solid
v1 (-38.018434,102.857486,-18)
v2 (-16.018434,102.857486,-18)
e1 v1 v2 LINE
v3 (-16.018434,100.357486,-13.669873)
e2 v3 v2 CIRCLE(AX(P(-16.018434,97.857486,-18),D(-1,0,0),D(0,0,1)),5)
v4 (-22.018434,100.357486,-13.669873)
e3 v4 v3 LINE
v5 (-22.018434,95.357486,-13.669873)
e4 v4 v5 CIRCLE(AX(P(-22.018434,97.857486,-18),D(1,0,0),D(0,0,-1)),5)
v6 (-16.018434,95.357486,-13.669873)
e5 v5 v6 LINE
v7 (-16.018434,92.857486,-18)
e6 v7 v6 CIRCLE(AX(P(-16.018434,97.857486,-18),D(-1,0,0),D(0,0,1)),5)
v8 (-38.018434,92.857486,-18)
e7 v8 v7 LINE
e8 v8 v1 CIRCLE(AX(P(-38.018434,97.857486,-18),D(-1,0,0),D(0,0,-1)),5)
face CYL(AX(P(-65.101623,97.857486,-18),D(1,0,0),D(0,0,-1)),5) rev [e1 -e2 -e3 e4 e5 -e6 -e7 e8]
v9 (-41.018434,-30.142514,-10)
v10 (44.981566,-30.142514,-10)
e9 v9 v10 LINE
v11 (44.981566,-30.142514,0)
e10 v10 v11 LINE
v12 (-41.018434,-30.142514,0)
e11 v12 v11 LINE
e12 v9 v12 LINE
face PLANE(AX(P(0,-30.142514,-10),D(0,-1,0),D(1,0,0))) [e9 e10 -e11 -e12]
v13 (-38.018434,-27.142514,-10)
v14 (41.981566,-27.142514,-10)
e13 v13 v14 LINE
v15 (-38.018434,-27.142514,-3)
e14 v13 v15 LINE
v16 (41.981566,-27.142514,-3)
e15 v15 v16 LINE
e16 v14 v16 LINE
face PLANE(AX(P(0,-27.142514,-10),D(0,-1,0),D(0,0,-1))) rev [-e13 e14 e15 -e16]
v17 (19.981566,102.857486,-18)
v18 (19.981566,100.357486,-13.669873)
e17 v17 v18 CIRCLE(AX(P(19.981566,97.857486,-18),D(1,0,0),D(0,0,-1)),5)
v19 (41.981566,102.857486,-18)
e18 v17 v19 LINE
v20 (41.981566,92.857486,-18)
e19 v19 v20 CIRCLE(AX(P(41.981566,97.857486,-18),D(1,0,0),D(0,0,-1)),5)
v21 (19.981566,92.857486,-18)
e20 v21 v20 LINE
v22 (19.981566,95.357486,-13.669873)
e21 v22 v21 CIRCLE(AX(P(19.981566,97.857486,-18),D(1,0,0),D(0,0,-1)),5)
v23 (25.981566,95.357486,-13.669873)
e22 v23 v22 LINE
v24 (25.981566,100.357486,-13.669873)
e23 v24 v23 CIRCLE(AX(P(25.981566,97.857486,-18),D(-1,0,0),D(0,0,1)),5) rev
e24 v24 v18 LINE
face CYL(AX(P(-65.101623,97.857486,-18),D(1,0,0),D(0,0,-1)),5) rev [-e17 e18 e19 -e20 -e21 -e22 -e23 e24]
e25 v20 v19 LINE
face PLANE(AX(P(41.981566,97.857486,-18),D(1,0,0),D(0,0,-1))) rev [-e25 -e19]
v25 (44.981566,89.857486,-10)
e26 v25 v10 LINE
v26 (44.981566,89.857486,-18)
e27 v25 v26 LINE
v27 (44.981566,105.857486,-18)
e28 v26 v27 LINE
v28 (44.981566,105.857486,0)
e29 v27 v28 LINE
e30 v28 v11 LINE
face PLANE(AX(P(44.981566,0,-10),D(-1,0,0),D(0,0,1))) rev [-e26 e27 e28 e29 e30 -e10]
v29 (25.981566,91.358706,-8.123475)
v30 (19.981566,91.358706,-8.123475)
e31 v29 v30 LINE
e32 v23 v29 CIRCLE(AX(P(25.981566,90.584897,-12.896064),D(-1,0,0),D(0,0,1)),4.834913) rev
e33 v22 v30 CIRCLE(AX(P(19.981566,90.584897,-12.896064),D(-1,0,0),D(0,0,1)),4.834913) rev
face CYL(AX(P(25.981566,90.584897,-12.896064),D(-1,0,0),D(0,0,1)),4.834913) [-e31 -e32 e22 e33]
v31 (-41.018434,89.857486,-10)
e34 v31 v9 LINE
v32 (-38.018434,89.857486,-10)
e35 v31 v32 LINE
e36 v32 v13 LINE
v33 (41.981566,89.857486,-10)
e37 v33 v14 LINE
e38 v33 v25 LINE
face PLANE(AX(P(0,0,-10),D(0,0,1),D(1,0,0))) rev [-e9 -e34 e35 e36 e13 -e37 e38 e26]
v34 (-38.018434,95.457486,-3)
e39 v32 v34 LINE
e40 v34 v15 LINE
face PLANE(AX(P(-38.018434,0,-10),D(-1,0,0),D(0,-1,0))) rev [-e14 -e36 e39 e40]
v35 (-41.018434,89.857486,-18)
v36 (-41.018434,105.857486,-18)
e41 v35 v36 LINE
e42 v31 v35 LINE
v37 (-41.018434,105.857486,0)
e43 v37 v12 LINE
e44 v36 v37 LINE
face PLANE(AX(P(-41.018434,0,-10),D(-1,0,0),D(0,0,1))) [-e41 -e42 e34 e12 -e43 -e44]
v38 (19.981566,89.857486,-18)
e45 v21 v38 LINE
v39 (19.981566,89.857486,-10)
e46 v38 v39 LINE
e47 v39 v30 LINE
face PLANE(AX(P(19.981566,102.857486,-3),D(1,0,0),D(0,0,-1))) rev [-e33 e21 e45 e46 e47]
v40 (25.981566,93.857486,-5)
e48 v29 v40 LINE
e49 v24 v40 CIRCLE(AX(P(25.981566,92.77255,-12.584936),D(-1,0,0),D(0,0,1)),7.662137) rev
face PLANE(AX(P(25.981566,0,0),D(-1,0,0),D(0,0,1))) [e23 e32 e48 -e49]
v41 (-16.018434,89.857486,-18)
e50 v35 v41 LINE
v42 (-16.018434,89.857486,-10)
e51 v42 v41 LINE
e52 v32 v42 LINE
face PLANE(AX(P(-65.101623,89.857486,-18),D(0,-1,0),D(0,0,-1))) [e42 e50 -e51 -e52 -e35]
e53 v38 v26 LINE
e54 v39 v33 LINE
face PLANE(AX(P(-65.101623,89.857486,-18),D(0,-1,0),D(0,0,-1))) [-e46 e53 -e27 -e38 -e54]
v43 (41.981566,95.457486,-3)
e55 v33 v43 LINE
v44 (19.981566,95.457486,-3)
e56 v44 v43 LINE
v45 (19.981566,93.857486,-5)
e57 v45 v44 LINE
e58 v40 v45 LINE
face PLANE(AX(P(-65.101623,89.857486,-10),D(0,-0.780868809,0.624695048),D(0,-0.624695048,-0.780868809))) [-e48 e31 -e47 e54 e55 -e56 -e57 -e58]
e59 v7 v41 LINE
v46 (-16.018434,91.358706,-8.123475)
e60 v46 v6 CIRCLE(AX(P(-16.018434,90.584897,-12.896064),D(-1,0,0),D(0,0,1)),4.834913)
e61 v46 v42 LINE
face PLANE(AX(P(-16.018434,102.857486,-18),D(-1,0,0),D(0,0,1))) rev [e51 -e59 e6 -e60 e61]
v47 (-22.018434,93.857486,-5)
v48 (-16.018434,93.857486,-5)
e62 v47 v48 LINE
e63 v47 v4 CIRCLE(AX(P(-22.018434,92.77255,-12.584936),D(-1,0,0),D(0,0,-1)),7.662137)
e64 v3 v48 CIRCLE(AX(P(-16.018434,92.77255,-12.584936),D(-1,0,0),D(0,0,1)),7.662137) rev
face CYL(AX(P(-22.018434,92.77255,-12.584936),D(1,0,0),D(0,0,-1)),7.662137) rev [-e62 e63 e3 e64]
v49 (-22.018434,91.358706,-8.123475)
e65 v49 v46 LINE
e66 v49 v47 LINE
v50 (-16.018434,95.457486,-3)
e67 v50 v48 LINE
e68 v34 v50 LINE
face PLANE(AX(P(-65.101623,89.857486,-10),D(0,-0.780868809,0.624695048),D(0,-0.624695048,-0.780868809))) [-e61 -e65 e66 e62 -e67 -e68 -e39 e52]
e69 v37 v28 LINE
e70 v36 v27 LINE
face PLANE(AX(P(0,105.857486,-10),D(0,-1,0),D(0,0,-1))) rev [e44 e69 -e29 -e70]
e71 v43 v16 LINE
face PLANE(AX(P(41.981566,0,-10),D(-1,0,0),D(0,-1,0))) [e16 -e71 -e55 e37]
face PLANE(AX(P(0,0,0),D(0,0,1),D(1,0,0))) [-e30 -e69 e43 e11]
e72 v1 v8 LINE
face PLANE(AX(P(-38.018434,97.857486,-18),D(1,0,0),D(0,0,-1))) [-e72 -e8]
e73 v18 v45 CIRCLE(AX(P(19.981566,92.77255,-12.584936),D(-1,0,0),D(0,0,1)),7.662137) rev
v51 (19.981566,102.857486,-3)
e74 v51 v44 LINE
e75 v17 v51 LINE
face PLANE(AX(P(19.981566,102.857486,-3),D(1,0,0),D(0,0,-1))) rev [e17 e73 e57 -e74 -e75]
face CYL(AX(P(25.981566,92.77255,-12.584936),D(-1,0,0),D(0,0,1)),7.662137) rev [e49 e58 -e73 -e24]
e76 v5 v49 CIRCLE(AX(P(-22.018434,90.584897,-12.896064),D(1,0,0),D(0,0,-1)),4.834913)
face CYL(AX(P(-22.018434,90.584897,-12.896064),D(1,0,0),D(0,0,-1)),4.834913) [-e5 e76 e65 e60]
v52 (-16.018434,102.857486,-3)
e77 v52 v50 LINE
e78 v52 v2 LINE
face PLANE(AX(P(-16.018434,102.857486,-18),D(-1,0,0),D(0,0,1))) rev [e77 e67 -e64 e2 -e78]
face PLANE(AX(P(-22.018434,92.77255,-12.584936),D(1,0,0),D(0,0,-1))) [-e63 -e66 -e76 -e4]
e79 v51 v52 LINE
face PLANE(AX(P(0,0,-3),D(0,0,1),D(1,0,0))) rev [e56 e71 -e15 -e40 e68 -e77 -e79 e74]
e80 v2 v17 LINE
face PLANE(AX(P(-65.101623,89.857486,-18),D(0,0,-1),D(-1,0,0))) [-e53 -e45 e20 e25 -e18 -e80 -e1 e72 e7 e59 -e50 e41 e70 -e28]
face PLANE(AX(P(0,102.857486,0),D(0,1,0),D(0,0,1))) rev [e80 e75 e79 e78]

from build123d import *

# Parameters (mm, degrees)
SASE_TABAN1_W               = 80
SASE_TABAN1_H               = 130
Y_KSEKLIK_EKSTR_ZYON4_DEPTH = 3
SASE_TABAN1_5_W             = 86
SASE_TABAN1_5_H             = 136
SASE_TABAN1_5_W_2           = 80
SASE_TABAN1_5_H_2           = 130
Y_KSEKLIK_EKSTR_ZYON5_DEPTH = 10
Y_KSEKLIK_EKSTR_ZYON6_REACH = 138.755
KES_EKSTR_ZYON1_START       = -13
EKLEM_ORTA_W                = 36
EKLEM_ORTA_H                = 15
KES_EKSTR_ZYON1_DEPTH       = 13
KES_EKSTR_ZYON3_DEPTH       = 42
KES_EKSTR_ZYON4_START       = -6
KES_EKSTR_ZYON4_DEPTH       = 6
Y_KSEKLIK_EKSTR_ZYON7_START = -3
Y_KSEKLIK_EKSTR_ZYON7_DEPTH = 3
Y_KSEKLIK_EKSTR_ZYON8_DEPTH = 3


with BuildPart() as part:
    # sase_taban1 → Yükseklik-Ekstrüzyon4 (new body)
    with BuildSketch(Plane.XY):
        with Locations((1.981566113, 37.857486255)):
            Rectangle(SASE_TABAN1_W, SASE_TABAN1_H)
    extrude(amount=-Y_KSEKLIK_EKSTR_ZYON4_DEPTH)

    # sase_taban1<5> → Yükseklik-Ekstrüzyon5 (add)
    with BuildSketch(Plane.XY):
        with Locations((1.981566113, 37.857486255)):
            Rectangle(SASE_TABAN1_5_W, SASE_TABAN1_5_H)
        with Locations((1.981566113, 37.857486255)):
            Rectangle(SASE_TABAN1_5_W_2, SASE_TABAN1_5_H_2, mode=Mode.SUBTRACT)
    extrude(amount=-Y_KSEKLIK_EKSTR_ZYON5_DEPTH)

    # Yükseklik-Ekstrüzyon6: up to this face of the body (flat: up to its plane)
    y_kseklik_ekstr_zyon6_end = Plane(part.part.faces().sort_by_distance((-41.018433887, 37.857486255, -5))[0])
    # sase_eklem1 → Yükseklik-Ekstrüzyon6 (add, up to the picked face)
    with BuildSketch(Plane(origin=(44.981566113, 0, 0), x_dir=(0, 0, -1), z_dir=(1, 0, 0)), mode=Mode.PRIVATE) as y_kseklik_ekstr_zyon6_sk1:
        with BuildLine():
            Line((18, 105.857486255), (0, 105.857486255))
            Line((0, 105.857486255), (0, 97.857486255))
            Line((0, 97.857486255), (10, 89.857486255))
            Line((10, 89.857486255), (18, 89.857486255))
            Line((18, 89.857486255), (18, 92.857486255))
            ThreePointArc((18, 92.857486255), (13, 97.857486255), (18, 102.857486255))
            Line((18, 102.857486255), (18, 105.857486255))
        make_face()
    y_kseklik_ekstr_zyon6_tool1 = split(extrude(y_kseklik_ekstr_zyon6_sk1.sketch, amount=-Y_KSEKLIK_EKSTR_ZYON6_REACH, mode=Mode.PRIVATE), bisect_by=y_kseklik_ekstr_zyon6_end, keep=Keep.BOTH, mode=Mode.PRIVATE)
    add(y_kseklik_ekstr_zyon6_tool1.solids().sort_by(Axis((44.981566, 98.87954, -8.791936), (-1, 0, 0)))[0])

    # eklem_orta → Kes-Ekstrüzyon1 (cut)
    with BuildSketch(Plane.XZ.offset(-89.857486255).offset(KES_EKSTR_ZYON1_START)):
        with Locations((1.981566113, -10.5)):
            Rectangle(EKLEM_ORTA_W, EKLEM_ORTA_H)
    extrude(amount=KES_EKSTR_ZYON1_DEPTH, mode=Mode.SUBTRACT)

    # eklem_kablo → Kes-Ekstrüzyon3 (cut)
    with BuildSketch(Plane.ZY.offset(-19.981566113)):
        with BuildLine():
            Line((-5, 93.857486255), (-8.123475238, 91.358706065))
            ThreePointArc((-8.123475238, 91.358706065), (-10.068499616, 94.506792744), (-13.669872981, 95.357486255))
            ThreePointArc((-13.669872981, 95.357486255), (-13, 97.857486255), (-13.669872981, 100.357486255))
            ThreePointArc((-13.669872981, 100.357486255), (-7.988742413, 98.903075741), (-5, 93.857486255))
        make_face()
    extrude(amount=KES_EKSTR_ZYON3_DEPTH, mode=Mode.SUBTRACT)

    # eklem_kablo<2> → Kes-Ekstrüzyon4 (cut)
    with BuildSketch(Plane.ZY.offset(-19.981566113).offset(KES_EKSTR_ZYON4_START)):
        with BuildLine():
            Line((-8.123475238, 91.358706065), (-5, 93.857486255))
            ThreePointArc((-5, 93.857486255), (-7.988742413, 98.903075741), (-13.669872981, 100.357486255))
            ThreePointArc((-13.669872981, 100.357486255), (-13, 97.857486255), (-13.669872981, 95.357486255))
            ThreePointArc((-13.669872981, 95.357486255), (-10.068499616, 94.506792744), (-8.123475238, 91.358706065))
        make_face()
    extrude(amount=KES_EKSTR_ZYON4_DEPTH, mode=Mode.SUBTRACT)

    # eklem_sag_kapak → Yükseklik-Ekstrüzyon7 (add)
    with BuildSketch(Plane.ZY.offset(41.018433887).offset(Y_KSEKLIK_EKSTR_ZYON7_START)):
        with BuildLine():
            Line((-18, 102.857486255), (-18, 92.857486255))
            ThreePointArc((-18, 92.857486255), (-13, 97.857486255), (-18, 102.857486255))
        make_face()
    extrude(amount=Y_KSEKLIK_EKSTR_ZYON7_DEPTH)

    # eklem_sol_kapak → Yükseklik-Ekstrüzyon8 (add)
    with BuildSketch(Plane(origin=(44.981566113, 0, 0), x_dir=(0, 0, -1), z_dir=(1, 0, 0))):
        with BuildLine():
            Line((18, 102.857486255), (18, 92.857486255))
            ThreePointArc((18, 92.857486255), (13, 97.857486255), (18, 102.857486255))
        make_face()
    extrude(amount=-Y_KSEKLIK_EKSTR_ZYON8_DEPTH)


solid = part.part
